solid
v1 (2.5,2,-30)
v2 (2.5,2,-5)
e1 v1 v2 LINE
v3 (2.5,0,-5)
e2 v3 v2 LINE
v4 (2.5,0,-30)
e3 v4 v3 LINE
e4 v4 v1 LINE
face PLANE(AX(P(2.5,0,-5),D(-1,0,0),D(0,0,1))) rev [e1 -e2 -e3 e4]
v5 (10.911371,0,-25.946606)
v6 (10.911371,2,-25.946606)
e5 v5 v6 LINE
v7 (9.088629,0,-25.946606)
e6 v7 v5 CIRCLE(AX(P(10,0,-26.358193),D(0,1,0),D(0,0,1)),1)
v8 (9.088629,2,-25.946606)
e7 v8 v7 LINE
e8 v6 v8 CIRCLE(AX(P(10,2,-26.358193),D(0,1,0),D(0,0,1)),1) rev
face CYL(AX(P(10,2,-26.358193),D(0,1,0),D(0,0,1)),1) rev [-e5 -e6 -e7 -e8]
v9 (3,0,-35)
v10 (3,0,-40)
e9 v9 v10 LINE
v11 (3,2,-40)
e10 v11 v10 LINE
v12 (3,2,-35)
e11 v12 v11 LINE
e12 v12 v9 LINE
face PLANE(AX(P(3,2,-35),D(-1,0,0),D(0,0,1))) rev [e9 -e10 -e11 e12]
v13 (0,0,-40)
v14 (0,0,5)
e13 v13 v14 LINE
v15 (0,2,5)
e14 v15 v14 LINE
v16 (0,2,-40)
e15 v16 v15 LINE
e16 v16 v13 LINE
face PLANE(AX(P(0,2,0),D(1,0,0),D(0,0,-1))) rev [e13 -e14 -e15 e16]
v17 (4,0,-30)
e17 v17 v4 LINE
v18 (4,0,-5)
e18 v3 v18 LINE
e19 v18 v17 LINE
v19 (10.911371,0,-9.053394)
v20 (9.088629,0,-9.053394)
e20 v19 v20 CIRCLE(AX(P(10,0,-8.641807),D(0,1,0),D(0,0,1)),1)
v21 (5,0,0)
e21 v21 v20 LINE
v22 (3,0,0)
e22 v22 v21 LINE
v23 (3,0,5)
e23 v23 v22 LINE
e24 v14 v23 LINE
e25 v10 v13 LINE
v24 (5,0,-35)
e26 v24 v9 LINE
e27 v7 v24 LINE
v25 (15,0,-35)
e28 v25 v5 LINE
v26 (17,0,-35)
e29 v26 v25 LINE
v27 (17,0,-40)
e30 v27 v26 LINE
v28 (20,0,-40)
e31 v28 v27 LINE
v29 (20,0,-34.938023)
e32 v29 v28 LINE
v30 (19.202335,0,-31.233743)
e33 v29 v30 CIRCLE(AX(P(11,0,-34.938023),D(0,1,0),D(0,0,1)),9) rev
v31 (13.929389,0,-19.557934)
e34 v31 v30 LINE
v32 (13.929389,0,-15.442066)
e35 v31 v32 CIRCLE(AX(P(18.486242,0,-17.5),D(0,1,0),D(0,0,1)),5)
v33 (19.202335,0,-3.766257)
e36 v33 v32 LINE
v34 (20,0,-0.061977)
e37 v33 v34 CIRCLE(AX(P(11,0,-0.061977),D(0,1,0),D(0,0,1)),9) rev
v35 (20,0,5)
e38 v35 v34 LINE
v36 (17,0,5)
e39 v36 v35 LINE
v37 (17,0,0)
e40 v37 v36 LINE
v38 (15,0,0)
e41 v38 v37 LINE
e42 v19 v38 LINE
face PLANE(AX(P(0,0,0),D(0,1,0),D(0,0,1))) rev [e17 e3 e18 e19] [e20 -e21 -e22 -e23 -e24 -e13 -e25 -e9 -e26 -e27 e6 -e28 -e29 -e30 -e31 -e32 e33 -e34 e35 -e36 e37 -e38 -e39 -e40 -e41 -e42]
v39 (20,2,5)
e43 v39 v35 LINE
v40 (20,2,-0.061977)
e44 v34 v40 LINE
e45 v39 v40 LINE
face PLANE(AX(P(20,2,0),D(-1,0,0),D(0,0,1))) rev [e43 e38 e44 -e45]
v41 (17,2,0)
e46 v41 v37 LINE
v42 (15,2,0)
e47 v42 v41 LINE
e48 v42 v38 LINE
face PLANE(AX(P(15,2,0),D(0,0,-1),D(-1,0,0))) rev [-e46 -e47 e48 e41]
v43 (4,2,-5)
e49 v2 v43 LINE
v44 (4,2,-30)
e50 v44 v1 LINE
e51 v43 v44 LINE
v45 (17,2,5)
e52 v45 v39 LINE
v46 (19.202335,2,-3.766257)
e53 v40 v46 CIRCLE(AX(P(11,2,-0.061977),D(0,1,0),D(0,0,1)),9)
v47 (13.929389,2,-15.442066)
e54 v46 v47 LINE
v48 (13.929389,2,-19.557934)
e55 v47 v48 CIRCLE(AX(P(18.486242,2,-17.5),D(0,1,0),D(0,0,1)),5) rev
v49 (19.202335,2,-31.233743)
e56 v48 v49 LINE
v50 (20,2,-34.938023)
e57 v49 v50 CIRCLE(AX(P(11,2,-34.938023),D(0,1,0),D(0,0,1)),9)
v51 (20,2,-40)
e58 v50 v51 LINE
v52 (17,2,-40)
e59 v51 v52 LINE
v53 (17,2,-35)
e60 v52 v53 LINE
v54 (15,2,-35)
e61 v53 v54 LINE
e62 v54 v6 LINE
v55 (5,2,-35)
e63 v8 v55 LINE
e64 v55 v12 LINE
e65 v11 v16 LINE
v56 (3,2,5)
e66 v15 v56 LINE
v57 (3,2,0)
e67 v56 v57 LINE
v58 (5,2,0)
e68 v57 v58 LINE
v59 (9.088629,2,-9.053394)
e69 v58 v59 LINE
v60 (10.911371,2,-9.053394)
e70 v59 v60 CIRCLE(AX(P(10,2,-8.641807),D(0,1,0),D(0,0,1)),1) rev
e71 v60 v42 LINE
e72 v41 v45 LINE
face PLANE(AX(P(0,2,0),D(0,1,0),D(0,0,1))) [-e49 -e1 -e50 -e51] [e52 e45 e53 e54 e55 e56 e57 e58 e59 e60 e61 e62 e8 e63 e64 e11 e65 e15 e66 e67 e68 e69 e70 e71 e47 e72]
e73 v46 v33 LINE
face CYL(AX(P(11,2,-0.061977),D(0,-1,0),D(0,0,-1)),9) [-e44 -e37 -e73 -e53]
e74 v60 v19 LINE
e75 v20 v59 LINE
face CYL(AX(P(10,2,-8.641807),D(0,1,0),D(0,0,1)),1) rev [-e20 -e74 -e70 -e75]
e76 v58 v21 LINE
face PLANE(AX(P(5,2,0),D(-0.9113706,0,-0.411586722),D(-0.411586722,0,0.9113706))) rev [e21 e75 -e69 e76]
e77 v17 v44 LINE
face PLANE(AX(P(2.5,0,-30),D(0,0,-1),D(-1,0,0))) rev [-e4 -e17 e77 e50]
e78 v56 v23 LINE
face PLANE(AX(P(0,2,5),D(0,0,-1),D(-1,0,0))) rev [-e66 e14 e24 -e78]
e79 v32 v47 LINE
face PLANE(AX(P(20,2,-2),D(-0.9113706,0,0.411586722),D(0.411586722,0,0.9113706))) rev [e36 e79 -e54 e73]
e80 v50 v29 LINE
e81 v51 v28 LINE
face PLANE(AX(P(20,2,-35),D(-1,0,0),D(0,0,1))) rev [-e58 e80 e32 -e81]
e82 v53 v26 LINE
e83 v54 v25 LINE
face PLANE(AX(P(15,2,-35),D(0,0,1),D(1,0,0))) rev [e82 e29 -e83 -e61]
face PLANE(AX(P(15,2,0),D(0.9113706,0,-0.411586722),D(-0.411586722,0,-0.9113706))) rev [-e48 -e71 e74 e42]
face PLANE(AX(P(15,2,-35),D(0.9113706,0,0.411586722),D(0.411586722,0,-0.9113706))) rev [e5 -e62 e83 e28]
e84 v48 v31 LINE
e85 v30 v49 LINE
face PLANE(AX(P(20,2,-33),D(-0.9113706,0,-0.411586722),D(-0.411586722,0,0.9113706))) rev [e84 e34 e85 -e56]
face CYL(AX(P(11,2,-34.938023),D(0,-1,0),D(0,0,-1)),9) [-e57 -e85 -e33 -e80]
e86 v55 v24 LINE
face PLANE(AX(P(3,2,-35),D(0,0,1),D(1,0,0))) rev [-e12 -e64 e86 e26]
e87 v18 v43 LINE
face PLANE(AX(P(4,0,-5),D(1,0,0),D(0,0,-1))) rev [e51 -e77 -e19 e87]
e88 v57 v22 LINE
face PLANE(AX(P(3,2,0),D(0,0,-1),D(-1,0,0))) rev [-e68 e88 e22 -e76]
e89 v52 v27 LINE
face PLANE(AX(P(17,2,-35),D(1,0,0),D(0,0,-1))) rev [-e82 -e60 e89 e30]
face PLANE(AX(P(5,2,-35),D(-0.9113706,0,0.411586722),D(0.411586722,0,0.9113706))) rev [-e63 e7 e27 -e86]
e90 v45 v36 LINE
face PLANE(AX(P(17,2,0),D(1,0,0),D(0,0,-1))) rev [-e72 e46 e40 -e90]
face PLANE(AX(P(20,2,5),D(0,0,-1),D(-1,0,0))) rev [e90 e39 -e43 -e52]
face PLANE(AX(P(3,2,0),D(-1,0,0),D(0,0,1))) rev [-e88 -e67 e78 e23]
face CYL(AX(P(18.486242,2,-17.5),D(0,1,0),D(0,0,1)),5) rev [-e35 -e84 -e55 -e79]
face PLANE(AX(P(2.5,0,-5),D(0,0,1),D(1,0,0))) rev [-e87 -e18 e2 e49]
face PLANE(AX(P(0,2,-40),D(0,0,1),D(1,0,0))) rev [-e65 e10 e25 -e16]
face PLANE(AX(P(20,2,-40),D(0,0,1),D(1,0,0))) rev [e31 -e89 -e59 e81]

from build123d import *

# Parameters (mm, degrees)
BOSS_EXTRUDE1_DEPTH = 2
FILLET1_R           = 1
FILLET2_R           = 5
FILLET3_R           = 9
BOSS_EXTRUDE2_DEPTH = 2
SKETCH3_W           = 1.5
SKETCH3_H           = 25
CUT_EXTRUDE1_DEPTH  = 2


with BuildPart() as part:
    # Sketch1 → Boss-Extrude1 (new body)
    with BuildSketch(Plane(origin=(0, 0, 0), x_dir=(1, 0, 0), z_dir=(0, 1, 0))):
        Polygon((3, 0), (5, 0), (10, 11.071428571), (15, 0), (17, 0), (17, -5), (20, -5), (20, 0), (20, 2), (13, 17.5), (20, 33), (20, 35), (20, 40), (17, 40), (17, 35), (15, 35), (10, 23.928571429), (5, 35), (3, 35), (3, 40), (0, 40), (0, 35), (0, 33), (7, 17.5), (0, 2), (0, 0), (0, -5), (3, -5), align=None)
    extrude(amount=BOSS_EXTRUDE1_DEPTH)

    # Fillet1
    fillet1_edges = [part.edges().sort_by_distance(p)[0] for p in [
        (10, 1, -23.928571429),
        (10, 1, -11.071428571),
    ]]
    fillet(fillet1_edges, radius=FILLET1_R)

    # Fillet2
    fillet2_edges = [part.edges().sort_by_distance(p)[0] for p in [
        (7, 1, -17.5),
        (13, 1, -17.5),
    ]]
    fillet(fillet2_edges, radius=FILLET2_R)

    # Fillet3
    fillet3_edges = [part.edges().sort_by_distance(p)[0] for p in [
        (0, 1, -2),
        (0, 1, -33),
        (20, 1, -33),
        (20, 1, -2),
    ]]
    fillet(fillet3_edges, radius=FILLET3_R)

    # Sketch2 → Boss-Extrude2 (add)
    with BuildSketch(Plane(origin=(0, 2, 0), x_dir=(1, 0, 0), z_dir=(0, 1, 0))):
        Polygon((3, 35), (0, 35), (0, 0), (3, 0), (9.069161159, 17.5), align=None)
    extrude(amount=-BOSS_EXTRUDE2_DEPTH)

    # Sketch3 → Cut-Extrude1 (cut)
    with BuildSketch(Plane(origin=(0, 2, 0), x_dir=(1, 0, 0), z_dir=(0, 1, 0))):
        with Locations((3.25, 17.5)):
            Rectangle(SKETCH3_W, SKETCH3_H)
    extrude(amount=-CUT_EXTRUDE1_DEPTH, mode=Mode.SUBTRACT)


solid = part.part
